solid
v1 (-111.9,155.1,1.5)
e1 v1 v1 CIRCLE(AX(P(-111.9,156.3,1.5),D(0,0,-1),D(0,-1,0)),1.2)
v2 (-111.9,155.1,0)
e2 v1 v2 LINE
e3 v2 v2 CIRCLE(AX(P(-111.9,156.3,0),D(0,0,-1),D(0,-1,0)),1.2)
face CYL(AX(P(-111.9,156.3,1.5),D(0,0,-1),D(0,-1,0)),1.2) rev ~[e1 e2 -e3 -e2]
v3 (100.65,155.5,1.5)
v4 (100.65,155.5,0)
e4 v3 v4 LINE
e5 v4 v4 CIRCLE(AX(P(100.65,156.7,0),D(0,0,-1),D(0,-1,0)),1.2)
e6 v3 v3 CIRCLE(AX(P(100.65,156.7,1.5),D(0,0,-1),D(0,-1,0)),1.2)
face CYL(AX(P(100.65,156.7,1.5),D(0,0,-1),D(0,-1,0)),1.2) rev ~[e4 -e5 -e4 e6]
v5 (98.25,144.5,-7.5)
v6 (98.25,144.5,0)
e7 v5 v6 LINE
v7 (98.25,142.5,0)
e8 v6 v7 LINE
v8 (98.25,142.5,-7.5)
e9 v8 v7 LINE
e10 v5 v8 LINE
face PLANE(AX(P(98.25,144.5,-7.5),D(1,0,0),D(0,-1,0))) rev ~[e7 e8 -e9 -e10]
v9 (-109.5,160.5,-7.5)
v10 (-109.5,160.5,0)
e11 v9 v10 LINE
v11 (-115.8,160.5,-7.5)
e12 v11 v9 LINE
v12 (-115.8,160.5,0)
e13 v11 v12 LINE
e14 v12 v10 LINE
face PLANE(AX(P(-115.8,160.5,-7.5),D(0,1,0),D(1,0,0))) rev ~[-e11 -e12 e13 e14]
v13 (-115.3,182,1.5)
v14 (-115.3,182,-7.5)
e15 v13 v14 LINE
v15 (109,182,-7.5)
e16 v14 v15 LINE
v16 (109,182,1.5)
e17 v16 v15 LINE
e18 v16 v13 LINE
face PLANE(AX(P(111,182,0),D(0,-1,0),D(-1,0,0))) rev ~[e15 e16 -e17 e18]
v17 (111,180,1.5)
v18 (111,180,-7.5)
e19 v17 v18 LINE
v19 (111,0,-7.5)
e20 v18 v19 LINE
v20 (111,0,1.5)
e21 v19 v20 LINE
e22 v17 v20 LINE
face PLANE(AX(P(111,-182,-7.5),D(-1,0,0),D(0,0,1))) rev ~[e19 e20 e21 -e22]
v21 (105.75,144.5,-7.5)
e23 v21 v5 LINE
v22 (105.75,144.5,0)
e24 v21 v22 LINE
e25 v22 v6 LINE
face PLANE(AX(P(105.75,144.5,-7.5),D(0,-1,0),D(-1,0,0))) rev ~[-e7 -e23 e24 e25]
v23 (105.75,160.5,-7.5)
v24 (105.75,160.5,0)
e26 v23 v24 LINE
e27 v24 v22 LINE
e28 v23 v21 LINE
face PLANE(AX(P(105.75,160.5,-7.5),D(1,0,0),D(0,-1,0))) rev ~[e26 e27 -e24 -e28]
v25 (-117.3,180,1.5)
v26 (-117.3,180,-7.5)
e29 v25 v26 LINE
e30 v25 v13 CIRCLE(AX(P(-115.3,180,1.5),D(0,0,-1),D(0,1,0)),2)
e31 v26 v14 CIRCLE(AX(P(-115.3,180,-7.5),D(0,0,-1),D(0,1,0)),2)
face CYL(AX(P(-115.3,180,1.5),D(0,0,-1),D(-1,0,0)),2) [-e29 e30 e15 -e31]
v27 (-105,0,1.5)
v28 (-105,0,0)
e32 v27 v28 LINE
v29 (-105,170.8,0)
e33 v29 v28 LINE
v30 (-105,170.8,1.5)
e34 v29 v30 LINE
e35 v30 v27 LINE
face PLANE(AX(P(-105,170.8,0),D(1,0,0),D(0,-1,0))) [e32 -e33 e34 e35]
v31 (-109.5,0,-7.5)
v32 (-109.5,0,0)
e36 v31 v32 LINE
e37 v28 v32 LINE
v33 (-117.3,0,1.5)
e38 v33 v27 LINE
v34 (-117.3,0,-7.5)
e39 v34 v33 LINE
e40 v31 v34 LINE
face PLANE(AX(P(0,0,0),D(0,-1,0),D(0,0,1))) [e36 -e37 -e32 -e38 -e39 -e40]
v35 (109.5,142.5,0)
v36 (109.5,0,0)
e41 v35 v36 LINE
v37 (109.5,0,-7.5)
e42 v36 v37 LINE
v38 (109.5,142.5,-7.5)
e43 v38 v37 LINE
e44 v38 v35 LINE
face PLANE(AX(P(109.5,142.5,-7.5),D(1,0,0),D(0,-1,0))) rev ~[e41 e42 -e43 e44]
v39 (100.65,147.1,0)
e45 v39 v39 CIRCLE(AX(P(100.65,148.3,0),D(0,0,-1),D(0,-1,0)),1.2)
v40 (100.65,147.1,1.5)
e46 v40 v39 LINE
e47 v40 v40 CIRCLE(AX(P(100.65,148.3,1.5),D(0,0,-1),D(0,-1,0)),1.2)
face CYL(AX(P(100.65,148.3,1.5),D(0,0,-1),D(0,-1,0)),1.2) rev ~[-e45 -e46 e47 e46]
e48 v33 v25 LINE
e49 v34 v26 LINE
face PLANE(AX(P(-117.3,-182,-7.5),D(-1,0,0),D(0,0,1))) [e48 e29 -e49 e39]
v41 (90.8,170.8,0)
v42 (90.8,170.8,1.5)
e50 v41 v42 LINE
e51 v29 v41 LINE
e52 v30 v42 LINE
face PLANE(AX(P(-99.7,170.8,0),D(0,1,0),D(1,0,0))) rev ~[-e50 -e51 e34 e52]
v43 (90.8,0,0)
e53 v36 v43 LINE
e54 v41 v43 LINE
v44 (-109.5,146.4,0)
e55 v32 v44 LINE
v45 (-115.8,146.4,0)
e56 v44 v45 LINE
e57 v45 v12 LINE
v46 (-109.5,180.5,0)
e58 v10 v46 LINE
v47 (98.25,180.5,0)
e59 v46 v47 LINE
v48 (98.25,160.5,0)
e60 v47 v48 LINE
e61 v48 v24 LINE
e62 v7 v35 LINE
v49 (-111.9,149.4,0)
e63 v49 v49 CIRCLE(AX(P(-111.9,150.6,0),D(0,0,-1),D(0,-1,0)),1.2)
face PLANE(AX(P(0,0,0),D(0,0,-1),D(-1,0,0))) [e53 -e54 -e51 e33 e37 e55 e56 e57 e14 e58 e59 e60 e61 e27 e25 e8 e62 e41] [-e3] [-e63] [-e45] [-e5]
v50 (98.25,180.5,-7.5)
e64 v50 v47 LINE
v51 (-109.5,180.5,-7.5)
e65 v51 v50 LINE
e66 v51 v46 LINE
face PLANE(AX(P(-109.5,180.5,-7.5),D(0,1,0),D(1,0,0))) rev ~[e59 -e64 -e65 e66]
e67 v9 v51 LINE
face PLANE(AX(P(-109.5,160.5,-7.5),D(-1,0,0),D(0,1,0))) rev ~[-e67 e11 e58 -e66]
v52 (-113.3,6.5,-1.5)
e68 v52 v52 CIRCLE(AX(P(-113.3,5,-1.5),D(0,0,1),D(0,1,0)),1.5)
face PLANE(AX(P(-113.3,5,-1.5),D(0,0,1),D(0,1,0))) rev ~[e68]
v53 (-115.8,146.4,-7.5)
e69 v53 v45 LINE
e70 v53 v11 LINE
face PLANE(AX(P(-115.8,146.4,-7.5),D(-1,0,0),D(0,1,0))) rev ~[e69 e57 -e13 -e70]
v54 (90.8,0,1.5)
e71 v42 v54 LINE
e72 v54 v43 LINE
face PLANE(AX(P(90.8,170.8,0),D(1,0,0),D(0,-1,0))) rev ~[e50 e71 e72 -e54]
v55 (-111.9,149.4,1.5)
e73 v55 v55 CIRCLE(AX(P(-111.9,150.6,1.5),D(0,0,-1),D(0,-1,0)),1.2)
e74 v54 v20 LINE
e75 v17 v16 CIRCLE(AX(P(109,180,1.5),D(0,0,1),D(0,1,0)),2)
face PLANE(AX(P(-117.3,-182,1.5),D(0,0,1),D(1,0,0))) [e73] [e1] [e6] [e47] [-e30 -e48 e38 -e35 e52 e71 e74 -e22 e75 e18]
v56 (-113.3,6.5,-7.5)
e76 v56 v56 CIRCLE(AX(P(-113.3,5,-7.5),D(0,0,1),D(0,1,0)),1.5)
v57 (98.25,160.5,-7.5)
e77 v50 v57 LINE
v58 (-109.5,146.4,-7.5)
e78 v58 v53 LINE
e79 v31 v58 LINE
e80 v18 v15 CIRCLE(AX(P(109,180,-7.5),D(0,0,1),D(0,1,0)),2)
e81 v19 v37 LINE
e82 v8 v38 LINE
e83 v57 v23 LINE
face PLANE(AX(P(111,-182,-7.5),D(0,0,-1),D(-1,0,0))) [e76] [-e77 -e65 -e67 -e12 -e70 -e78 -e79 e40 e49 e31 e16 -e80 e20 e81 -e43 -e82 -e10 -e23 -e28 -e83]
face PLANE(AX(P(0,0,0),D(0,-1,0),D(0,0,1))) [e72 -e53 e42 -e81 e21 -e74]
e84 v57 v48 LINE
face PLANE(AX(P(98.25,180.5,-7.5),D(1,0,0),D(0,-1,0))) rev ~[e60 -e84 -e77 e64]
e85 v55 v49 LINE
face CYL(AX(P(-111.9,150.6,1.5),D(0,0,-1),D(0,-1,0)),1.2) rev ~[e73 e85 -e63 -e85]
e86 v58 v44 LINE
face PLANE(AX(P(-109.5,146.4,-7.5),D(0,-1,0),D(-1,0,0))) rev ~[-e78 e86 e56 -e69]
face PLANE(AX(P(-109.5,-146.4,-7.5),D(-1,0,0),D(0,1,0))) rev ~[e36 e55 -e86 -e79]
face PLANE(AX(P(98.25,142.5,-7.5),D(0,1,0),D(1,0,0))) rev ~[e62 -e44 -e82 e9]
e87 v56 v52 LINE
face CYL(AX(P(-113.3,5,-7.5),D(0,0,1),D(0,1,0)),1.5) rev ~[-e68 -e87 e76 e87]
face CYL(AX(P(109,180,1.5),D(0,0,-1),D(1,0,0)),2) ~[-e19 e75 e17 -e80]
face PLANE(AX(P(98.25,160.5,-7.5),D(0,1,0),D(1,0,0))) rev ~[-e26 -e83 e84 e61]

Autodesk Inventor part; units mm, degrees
ref_plane "YZ Plane" through (0, 0, 0) normal (1, 0, 0) x (0, 1, 0)
ref_plane "XZ Plane" through (0, 0, 0) normal (0, 1, 0) x (-1, 0, 0)
ref_plane "XY Plane" through (0, 0, 0) normal (0, 0, 1) x (1, 0, 0)
sketch "Boceto1" plane through (0, 0, 0) normal (0, 0, 1) x (1, 0, 0)
  circle A0 centre (100.65, -156.7) radius 1.65 projected
  circle A1 centre (100.65, -148.3) radius 1.65 projected
  circle A2 centre (100.65, 156.7) radius 1.65 projected
  circle A3 centre (100.65, 148.3) radius 1.65 projected
  line L0 (97.75, 145) -> (105.25, 145) projected
  line L1 (105.25, 145) -> (105.25, 160) projected
  line L2 (105.25, 160) -> (97.75, 160) projected
  line L3 (97.75, 160) -> (97.75, 180) projected
  line L4 (97.75, 180) -> (-109, 180) projected
  line L5 (-109, 160) -> (-115.3, 160) projected
  line L6 (-109, -160) -> (-109, -180) projected
  line L7 (-115.3, 146.9) -> (-109, 146.9) projected
  line L8 (-109, -146.9) -> (-115.3, -146.9) projected
  line L9 (-109, 180) -> (-109, 160) projected
  line L10 (-115.3, -160) -> (-109, -160) projected
  line L11 (-109, -180) -> (97.75, -180) projected
  line L12 (97.75, -180) -> (97.75, -160) projected
  line L13 (97.75, -160) -> (105.25, -160) projected
  line L14 (105.25, -160) -> (105.25, -145) projected
  line L15 (105.25, -145) -> (97.75, -145) projected
  line L16 (97.75, -145) -> (97.75, -142) projected
  line L17 (97.75, -142) -> (109, -142) projected
  line L18 (109, -142) -> (109, 142) projected
  line L19 (109, 142) -> (97.75, 142) projected
  line L20 (97.75, 142) -> (97.75, 145) projected
  line L21 (109, 180) -> (97.75, 180)
  line L22 (-109, -160) -> (-109, -180)
  line L23 (-109, -180) -> (-102.7, -180)
  line L24 (-109, -180) -> (109, -180)
  line L25 (109, -180) -> (109, 180)
  line L26 (109, 180) -> (-109, 180)
  line L27 (111, 142) -> (111, 180)
  line L28 (109, 182) -> (97.75, 182)
  line L29 (-109, -182) -> (-102.7, -182)
  line L30 (-111, -182) -> (111, -182)
  line L31 (111, -182) -> (111, 182)
  line L32 (111, 182) -> (-111, 182)
  circle A4 centre (-111.9, -156.3) radius 1.2 projected
  circle A5 centre (-111.9, -150.6) radius 1.2 projected
  circle A6 centre (-111.9, 156.3) radius 1.2 projected
  circle A7 centre (-111.9, 150.6) radius 1.2 projected
  line L33 (-115.3, 160) -> (-115.3, 146.9) projected
  line L34 (-109, 146.9) -> (-109, -146.9) projected
  line L35 (-115.3, -146.9) -> (-115.3, -160) projected
  line L36 (-109, 180) -> (-115.3, 180)
  line L37 (-109, -180) -> (-115.3, -180)
  line L38 (-115.3, 180) -> (109, 180)
  line L39 (109, 180) -> (109, -180)
  line L40 (109, -180) -> (-115.3, -180)
  line L41 (-115.3, -180) -> (-115.3, 180)
  line L42 (-117.3, 180) -> (-117.3, -182)
  line L43 (-117.3, -182) -> (109, -182)
  line L44 (-115.3, 182) -> (111, 182)
  line L45 (111, 182) -> (111, -180)
  line L46 (-117.3, 180) -> (-117.3, 182)
  line L47 (-117.3, 182) -> (-115.3, 182)
  point P0 (0, 0)
  dimension "d1" = 2
  dimension "d3" = 2
  dimension "d20" = 2
  dimension "d21" = 2
extrude "Extrusión1" add sketch "Boceto1" against normal blind 7.5 contours L0 L1 L2 L3 L21 L25 L19 L20 | L25 L24 L12 L13 L14 L15 L16 L17 | L9 L5 L41 L36 | L37 L41 L10 L6 | L7 L34 L8 L41 | L31 L30 L29 L43 L42 L46 L47 L44 L32 L28 L27
sketch "Boceto2" plane through (0, 0, 0) normal (0, 0, 1) x (1, 0, 0)
  line L0 (-117.3, -182) -> (111, -182) projected
  line L1 (111, -182) -> (111, 182) projected
  line L2 (111, 182) -> (-117.3, 182) projected
  line L3 (90.8, 170.8) -> (90.8, -176) projected
  line L4 (90.8, 170.8) -> (90.8, -176) projected
  line L5 (-19.4789, -176) -> (90.8, -176) projected
  line L6 (90.8, -176) -> (-99.7, -176) projected
  line L7 (-99.7, -176) -> (-99.7, 170.8) projected
  line L8 (-99.7, 170.8) -> (90.8, 170.8) projected
  line L9 (-117.3, 182) -> (-117.3, -182) projected
  line L10 (-105.5008, -176) -> (-99.7, -176)
  line L11 (-99.7, 170.8) -> (-105.5008, 170.8)
  line L12 (-109, 160) -> (-109, 180) projected
  line L13 (-109, 170.8) -> (-105, 170.8)
  line L14 (-105, 170.8) -> (-105, -176)
  point P0 (0, 0)
  dimension "d33" = 4
extrude "Extrusión2" add sketch "Boceto2" along normal blind 1.5
sketch "Boceto3" plane through (-111, -182, -7.5) normal (0, -1, 0) x (1, 0, 0)
  line L0 (222, 0) -> (-6.3, 0) projected
  line L1 (222, 0) -> (222, 9) projected
  line L2 (-6.3, 9) -> (222, 9) projected
  line L3 (-6.3, 0) -> (-6.3, 9) projected
  point P0 (111, 7.5)
extrude "Extrusión3" add sketch "Boceto3" along normal blind 5.2
sketch "Boceto5" plane through (0, 0, 1.5) normal (0, 0, 1) x (1, 0, 0)
  circle A0 centre (100.65, -156.7) radius 1.65 projected
  circle A1 centre (100.65, -148.3) radius 1.65 projected
  circle A2 centre (100.65, 156.7) radius 1.65 projected
  circle A3 centre (100.65, 148.3) radius 1.65 projected
  line L0 (97.75, 145) -> (105.25, 145) projected
  line L1 (105.25, 145) -> (105.25, 160) projected
  line L2 (105.25, 160) -> (97.75, 160) projected
  line L3 (97.75, 160) -> (97.75, 180) projected
  line L4 (97.75, 180) -> (-109, 180) projected
  line L5 (-109, 160) -> (-115.3, 160) projected
  line L6 (-109, -160) -> (-109, -180) projected
  line L7 (-115.3, 146.9) -> (-109, 146.9) projected
  line L8 (-109, -146.9) -> (-115.3, -146.9) projected
  line L9 (-109, 180) -> (-109, 160) projected
  line L10 (-115.3, -160) -> (-109, -160) projected
  line L11 (-109, -180) -> (97.75, -180) projected
  line L12 (97.75, -180) -> (97.75, -160) projected
  line L13 (97.75, -160) -> (105.25, -160) projected
  line L14 (105.25, -160) -> (105.25, -145) projected
  line L15 (105.25, -145) -> (97.75, -145) projected
  line L16 (97.75, -145) -> (97.75, -142) projected
  line L17 (97.75, -142) -> (109, -142) projected
  line L18 (109, -142) -> (109, 142) projected
  line L19 (109, 142) -> (97.75, 142) projected
  line L20 (97.75, 142) -> (97.75, 145) projected
  circle A4 centre (-111.9, -156.3) radius 1.2 projected
  circle A5 centre (-111.9, -150.6) radius 1.2 projected
  circle A6 centre (-111.9, 156.3) radius 1.2 projected
  circle A7 centre (-111.9, 150.6) radius 1.2 projected
  line L21 (-115.3, 160) -> (-115.3, 146.9) projected
  line L22 (-109, 146.9) -> (-109, -146.9) projected
  line L23 (-115.3, -146.9) -> (-115.3, -160) projected
  point P0 (0, 0)
hole "Agujero1" at (100.65, 148.3, 1.5) at (100.65, 156.7, 1.5) at (100.65, -156.7, 1.5) at (100.65, -148.3, 1.5) at (-111.9, -156.3, 1.5) at (-111.9, -150.6, 1.5) at (-111.9, 150.6, 1.5) at (-111.9, 156.3, 1.5) direction (0, 0, -1) diameter 2.4 end through all
sketch "Boceto6" plane through (0, 0, -7.5) normal (0, 0, -1) x (-1, 0, 0)
  line L0 (117.3, 182) -> (-111, 182) projected
  line L1 (-111, 182) -> (-111, -187.2) projected
  line L2 (117.3, -187.2) -> (-111, -187.2) projected
  line L3 (117.3, 182) -> (117.3, -187.2) projected
  line L4 (-97.75, 160) -> (-97.75, 180) projected
  line L5 (-97.75, 180) -> (109, 180) projected
  line L6 (109, 180) -> (109, 160) projected
  line L7 (109, 160) -> (115.3, 160) projected
  line L8 (115.3, 160) -> (115.3, 146.9) projected
  line L9 (115.3, 146.9) -> (109, 146.9) projected
  line L10 (109, 146.9) -> (109, -146.9) projected
  line L11 (109, -146.9) -> (115.3, -146.9) projected
  line L12 (115.3, -146.9) -> (115.3, -160) projected
  line L13 (115.3, -160) -> (109, -160) projected
  line L14 (109, -160) -> (109, -180) projected
  line L15 (109, -180) -> (-97.75, -180) projected
  line L16 (-97.75, -180) -> (-97.75, -160) projected
  line L17 (-97.75, -160) -> (-105.25, -160) projected
  line L18 (-105.25, -160) -> (-105.25, -145) projected
  line L19 (-105.25, -145) -> (-97.75, -145) projected
  line L20 (-97.75, -145) -> (-97.75, -142) projected
  line L21 (-97.75, -142) -> (-109, -142) projected
  line L22 (-109, -142) -> (-109, 142) projected
  line L23 (-109, 142) -> (-97.75, 142) projected
  line L24 (-97.75, 142) -> (-97.75, 145) projected
  line L25 (-97.75, 145) -> (-105.25, 145) projected
  line L26 (-105.25, 145) -> (-105.25, 160) projected
  line L27 (-105.25, 160) -> (-97.75, 160) projected
  line L28 (117.3, 182) -> (117.3, -187.2) projected
  line L29 (117.3, 182) -> (-111, 182) projected
  line L30 (-111, 182) -> (-111, -187.2) projected
  line L31 (117.3, -187.2) -> (-111, -187.2) projected
  line L32 (109.5, 160.5) -> (109.5, 180.5)
  line L33 (109.5, 180.5) -> (-98.25, 180.5)
  line L34 (-98.25, 180.5) -> (-98.25, 160.5)
  line L35 (-98.25, 160.5) -> (-105.75, 160.5)
  line L36 (-105.75, 160.5) -> (-105.75, 144.5)
  line L37 (-105.75, 144.5) -> (-98.25, 144.5)
  line L38 (-98.25, 144.5) -> (-98.25, 142.5)
  line L39 (-98.25, 142.5) -> (-109.5, 142.5)
  line L40 (-109.5, 142.5) -> (-109.5, -142.5)
  line L41 (-109.5, -142.5) -> (-98.25, -142.5)
  line L42 (-98.25, -142.5) -> (-98.25, -144.5)
  line L43 (-98.25, -144.5) -> (-105.75, -144.5)
  line L44 (-105.75, -144.5) -> (-105.75, -160.5)
  line L45 (-105.75, -160.5) -> (-98.25, -160.5)
  line L46 (-98.25, -160.5) -> (-98.25, -180.5)
  line L47 (-98.25, -180.5) -> (109.5, -180.5)
  line L48 (109.5, -180.5) -> (109.5, -160.5)
  line L49 (109.5, -160.5) -> (115.8, -160.5)
  line L50 (115.8, -160.5) -> (115.8, -146.4)
  line L51 (115.8, -146.4) -> (109.5, -146.4)
  line L52 (109.5, -146.4) -> (109.5, 146.4)
  line L53 (109.5, 146.4) -> (115.8, 146.4)
  line L54 (115.8, 146.4) -> (115.8, 160.5)
  line L55 (115.8, 160.5) -> (109.5, 160.5)
  dimension "d22" = 0.5
extrude "Extrusión4" cut sketch "Boceto6" against normal blind 7.5 contours L55 L54 L53 L52 L51 L50 L49 L48 L47 L46 L45 L44 L43 L42 L41 L40 L39 L38 L37 L36 L35 L34 L33 L32
fillet "Empalme1" radius 2 5 edges at (-117.3, 182, 0.75) (-117.3, 182, -3.75) (111, 182, -3) (111, -187.2, -3) (-117.3, -187.2, -3)
sketch "Boceto7" plane through (0, 0, -7.5) normal (0, 0, -1) x (-1, 0, 0)
  arc A0 (117.3, 7) -> (114.3, 10) centre (114.3, 7) ccw projected
  line L0 (114.3, 10) -> (100.3, 10) projected
  arc A1 (100.3, 10) -> (97.3, 7) centre (100.3, 7) ccw projected
  line L1 (97.3, 7) -> (97.3, -7) projected
  arc A2 (97.3, -7) -> (100.3, -10) centre (100.3, -7) ccw projected
  line L2 (100.3, -10) -> (114.3, -10) projected
  arc A3 (114.3, -10) -> (117.3, -7) centre (114.3, -7) ccw projected
  line L3 (117.3, -7) -> (117.3, 7) projected
  circle A4 centre (103.3, -5) radius 1 projected
  circle A5 centre (113.3, 5) radius 1 projected
  circle A6 centre (103.3, 5) radius 1 projected
  circle A7 centre (113.3, -5) radius 1 projected
  circle A8 centre (113.3, 5) radius 1 projected
  point P0 (0, 0)
hole "Agujero2" at (-113.3, 5, -7.5) at (-113.3, -5, -7.5) direction (0, 0, 1) diameter 3 depth 6
split "Dividir4" plane through (0, 0, 0) removes the side toward (0, -1, 0)
